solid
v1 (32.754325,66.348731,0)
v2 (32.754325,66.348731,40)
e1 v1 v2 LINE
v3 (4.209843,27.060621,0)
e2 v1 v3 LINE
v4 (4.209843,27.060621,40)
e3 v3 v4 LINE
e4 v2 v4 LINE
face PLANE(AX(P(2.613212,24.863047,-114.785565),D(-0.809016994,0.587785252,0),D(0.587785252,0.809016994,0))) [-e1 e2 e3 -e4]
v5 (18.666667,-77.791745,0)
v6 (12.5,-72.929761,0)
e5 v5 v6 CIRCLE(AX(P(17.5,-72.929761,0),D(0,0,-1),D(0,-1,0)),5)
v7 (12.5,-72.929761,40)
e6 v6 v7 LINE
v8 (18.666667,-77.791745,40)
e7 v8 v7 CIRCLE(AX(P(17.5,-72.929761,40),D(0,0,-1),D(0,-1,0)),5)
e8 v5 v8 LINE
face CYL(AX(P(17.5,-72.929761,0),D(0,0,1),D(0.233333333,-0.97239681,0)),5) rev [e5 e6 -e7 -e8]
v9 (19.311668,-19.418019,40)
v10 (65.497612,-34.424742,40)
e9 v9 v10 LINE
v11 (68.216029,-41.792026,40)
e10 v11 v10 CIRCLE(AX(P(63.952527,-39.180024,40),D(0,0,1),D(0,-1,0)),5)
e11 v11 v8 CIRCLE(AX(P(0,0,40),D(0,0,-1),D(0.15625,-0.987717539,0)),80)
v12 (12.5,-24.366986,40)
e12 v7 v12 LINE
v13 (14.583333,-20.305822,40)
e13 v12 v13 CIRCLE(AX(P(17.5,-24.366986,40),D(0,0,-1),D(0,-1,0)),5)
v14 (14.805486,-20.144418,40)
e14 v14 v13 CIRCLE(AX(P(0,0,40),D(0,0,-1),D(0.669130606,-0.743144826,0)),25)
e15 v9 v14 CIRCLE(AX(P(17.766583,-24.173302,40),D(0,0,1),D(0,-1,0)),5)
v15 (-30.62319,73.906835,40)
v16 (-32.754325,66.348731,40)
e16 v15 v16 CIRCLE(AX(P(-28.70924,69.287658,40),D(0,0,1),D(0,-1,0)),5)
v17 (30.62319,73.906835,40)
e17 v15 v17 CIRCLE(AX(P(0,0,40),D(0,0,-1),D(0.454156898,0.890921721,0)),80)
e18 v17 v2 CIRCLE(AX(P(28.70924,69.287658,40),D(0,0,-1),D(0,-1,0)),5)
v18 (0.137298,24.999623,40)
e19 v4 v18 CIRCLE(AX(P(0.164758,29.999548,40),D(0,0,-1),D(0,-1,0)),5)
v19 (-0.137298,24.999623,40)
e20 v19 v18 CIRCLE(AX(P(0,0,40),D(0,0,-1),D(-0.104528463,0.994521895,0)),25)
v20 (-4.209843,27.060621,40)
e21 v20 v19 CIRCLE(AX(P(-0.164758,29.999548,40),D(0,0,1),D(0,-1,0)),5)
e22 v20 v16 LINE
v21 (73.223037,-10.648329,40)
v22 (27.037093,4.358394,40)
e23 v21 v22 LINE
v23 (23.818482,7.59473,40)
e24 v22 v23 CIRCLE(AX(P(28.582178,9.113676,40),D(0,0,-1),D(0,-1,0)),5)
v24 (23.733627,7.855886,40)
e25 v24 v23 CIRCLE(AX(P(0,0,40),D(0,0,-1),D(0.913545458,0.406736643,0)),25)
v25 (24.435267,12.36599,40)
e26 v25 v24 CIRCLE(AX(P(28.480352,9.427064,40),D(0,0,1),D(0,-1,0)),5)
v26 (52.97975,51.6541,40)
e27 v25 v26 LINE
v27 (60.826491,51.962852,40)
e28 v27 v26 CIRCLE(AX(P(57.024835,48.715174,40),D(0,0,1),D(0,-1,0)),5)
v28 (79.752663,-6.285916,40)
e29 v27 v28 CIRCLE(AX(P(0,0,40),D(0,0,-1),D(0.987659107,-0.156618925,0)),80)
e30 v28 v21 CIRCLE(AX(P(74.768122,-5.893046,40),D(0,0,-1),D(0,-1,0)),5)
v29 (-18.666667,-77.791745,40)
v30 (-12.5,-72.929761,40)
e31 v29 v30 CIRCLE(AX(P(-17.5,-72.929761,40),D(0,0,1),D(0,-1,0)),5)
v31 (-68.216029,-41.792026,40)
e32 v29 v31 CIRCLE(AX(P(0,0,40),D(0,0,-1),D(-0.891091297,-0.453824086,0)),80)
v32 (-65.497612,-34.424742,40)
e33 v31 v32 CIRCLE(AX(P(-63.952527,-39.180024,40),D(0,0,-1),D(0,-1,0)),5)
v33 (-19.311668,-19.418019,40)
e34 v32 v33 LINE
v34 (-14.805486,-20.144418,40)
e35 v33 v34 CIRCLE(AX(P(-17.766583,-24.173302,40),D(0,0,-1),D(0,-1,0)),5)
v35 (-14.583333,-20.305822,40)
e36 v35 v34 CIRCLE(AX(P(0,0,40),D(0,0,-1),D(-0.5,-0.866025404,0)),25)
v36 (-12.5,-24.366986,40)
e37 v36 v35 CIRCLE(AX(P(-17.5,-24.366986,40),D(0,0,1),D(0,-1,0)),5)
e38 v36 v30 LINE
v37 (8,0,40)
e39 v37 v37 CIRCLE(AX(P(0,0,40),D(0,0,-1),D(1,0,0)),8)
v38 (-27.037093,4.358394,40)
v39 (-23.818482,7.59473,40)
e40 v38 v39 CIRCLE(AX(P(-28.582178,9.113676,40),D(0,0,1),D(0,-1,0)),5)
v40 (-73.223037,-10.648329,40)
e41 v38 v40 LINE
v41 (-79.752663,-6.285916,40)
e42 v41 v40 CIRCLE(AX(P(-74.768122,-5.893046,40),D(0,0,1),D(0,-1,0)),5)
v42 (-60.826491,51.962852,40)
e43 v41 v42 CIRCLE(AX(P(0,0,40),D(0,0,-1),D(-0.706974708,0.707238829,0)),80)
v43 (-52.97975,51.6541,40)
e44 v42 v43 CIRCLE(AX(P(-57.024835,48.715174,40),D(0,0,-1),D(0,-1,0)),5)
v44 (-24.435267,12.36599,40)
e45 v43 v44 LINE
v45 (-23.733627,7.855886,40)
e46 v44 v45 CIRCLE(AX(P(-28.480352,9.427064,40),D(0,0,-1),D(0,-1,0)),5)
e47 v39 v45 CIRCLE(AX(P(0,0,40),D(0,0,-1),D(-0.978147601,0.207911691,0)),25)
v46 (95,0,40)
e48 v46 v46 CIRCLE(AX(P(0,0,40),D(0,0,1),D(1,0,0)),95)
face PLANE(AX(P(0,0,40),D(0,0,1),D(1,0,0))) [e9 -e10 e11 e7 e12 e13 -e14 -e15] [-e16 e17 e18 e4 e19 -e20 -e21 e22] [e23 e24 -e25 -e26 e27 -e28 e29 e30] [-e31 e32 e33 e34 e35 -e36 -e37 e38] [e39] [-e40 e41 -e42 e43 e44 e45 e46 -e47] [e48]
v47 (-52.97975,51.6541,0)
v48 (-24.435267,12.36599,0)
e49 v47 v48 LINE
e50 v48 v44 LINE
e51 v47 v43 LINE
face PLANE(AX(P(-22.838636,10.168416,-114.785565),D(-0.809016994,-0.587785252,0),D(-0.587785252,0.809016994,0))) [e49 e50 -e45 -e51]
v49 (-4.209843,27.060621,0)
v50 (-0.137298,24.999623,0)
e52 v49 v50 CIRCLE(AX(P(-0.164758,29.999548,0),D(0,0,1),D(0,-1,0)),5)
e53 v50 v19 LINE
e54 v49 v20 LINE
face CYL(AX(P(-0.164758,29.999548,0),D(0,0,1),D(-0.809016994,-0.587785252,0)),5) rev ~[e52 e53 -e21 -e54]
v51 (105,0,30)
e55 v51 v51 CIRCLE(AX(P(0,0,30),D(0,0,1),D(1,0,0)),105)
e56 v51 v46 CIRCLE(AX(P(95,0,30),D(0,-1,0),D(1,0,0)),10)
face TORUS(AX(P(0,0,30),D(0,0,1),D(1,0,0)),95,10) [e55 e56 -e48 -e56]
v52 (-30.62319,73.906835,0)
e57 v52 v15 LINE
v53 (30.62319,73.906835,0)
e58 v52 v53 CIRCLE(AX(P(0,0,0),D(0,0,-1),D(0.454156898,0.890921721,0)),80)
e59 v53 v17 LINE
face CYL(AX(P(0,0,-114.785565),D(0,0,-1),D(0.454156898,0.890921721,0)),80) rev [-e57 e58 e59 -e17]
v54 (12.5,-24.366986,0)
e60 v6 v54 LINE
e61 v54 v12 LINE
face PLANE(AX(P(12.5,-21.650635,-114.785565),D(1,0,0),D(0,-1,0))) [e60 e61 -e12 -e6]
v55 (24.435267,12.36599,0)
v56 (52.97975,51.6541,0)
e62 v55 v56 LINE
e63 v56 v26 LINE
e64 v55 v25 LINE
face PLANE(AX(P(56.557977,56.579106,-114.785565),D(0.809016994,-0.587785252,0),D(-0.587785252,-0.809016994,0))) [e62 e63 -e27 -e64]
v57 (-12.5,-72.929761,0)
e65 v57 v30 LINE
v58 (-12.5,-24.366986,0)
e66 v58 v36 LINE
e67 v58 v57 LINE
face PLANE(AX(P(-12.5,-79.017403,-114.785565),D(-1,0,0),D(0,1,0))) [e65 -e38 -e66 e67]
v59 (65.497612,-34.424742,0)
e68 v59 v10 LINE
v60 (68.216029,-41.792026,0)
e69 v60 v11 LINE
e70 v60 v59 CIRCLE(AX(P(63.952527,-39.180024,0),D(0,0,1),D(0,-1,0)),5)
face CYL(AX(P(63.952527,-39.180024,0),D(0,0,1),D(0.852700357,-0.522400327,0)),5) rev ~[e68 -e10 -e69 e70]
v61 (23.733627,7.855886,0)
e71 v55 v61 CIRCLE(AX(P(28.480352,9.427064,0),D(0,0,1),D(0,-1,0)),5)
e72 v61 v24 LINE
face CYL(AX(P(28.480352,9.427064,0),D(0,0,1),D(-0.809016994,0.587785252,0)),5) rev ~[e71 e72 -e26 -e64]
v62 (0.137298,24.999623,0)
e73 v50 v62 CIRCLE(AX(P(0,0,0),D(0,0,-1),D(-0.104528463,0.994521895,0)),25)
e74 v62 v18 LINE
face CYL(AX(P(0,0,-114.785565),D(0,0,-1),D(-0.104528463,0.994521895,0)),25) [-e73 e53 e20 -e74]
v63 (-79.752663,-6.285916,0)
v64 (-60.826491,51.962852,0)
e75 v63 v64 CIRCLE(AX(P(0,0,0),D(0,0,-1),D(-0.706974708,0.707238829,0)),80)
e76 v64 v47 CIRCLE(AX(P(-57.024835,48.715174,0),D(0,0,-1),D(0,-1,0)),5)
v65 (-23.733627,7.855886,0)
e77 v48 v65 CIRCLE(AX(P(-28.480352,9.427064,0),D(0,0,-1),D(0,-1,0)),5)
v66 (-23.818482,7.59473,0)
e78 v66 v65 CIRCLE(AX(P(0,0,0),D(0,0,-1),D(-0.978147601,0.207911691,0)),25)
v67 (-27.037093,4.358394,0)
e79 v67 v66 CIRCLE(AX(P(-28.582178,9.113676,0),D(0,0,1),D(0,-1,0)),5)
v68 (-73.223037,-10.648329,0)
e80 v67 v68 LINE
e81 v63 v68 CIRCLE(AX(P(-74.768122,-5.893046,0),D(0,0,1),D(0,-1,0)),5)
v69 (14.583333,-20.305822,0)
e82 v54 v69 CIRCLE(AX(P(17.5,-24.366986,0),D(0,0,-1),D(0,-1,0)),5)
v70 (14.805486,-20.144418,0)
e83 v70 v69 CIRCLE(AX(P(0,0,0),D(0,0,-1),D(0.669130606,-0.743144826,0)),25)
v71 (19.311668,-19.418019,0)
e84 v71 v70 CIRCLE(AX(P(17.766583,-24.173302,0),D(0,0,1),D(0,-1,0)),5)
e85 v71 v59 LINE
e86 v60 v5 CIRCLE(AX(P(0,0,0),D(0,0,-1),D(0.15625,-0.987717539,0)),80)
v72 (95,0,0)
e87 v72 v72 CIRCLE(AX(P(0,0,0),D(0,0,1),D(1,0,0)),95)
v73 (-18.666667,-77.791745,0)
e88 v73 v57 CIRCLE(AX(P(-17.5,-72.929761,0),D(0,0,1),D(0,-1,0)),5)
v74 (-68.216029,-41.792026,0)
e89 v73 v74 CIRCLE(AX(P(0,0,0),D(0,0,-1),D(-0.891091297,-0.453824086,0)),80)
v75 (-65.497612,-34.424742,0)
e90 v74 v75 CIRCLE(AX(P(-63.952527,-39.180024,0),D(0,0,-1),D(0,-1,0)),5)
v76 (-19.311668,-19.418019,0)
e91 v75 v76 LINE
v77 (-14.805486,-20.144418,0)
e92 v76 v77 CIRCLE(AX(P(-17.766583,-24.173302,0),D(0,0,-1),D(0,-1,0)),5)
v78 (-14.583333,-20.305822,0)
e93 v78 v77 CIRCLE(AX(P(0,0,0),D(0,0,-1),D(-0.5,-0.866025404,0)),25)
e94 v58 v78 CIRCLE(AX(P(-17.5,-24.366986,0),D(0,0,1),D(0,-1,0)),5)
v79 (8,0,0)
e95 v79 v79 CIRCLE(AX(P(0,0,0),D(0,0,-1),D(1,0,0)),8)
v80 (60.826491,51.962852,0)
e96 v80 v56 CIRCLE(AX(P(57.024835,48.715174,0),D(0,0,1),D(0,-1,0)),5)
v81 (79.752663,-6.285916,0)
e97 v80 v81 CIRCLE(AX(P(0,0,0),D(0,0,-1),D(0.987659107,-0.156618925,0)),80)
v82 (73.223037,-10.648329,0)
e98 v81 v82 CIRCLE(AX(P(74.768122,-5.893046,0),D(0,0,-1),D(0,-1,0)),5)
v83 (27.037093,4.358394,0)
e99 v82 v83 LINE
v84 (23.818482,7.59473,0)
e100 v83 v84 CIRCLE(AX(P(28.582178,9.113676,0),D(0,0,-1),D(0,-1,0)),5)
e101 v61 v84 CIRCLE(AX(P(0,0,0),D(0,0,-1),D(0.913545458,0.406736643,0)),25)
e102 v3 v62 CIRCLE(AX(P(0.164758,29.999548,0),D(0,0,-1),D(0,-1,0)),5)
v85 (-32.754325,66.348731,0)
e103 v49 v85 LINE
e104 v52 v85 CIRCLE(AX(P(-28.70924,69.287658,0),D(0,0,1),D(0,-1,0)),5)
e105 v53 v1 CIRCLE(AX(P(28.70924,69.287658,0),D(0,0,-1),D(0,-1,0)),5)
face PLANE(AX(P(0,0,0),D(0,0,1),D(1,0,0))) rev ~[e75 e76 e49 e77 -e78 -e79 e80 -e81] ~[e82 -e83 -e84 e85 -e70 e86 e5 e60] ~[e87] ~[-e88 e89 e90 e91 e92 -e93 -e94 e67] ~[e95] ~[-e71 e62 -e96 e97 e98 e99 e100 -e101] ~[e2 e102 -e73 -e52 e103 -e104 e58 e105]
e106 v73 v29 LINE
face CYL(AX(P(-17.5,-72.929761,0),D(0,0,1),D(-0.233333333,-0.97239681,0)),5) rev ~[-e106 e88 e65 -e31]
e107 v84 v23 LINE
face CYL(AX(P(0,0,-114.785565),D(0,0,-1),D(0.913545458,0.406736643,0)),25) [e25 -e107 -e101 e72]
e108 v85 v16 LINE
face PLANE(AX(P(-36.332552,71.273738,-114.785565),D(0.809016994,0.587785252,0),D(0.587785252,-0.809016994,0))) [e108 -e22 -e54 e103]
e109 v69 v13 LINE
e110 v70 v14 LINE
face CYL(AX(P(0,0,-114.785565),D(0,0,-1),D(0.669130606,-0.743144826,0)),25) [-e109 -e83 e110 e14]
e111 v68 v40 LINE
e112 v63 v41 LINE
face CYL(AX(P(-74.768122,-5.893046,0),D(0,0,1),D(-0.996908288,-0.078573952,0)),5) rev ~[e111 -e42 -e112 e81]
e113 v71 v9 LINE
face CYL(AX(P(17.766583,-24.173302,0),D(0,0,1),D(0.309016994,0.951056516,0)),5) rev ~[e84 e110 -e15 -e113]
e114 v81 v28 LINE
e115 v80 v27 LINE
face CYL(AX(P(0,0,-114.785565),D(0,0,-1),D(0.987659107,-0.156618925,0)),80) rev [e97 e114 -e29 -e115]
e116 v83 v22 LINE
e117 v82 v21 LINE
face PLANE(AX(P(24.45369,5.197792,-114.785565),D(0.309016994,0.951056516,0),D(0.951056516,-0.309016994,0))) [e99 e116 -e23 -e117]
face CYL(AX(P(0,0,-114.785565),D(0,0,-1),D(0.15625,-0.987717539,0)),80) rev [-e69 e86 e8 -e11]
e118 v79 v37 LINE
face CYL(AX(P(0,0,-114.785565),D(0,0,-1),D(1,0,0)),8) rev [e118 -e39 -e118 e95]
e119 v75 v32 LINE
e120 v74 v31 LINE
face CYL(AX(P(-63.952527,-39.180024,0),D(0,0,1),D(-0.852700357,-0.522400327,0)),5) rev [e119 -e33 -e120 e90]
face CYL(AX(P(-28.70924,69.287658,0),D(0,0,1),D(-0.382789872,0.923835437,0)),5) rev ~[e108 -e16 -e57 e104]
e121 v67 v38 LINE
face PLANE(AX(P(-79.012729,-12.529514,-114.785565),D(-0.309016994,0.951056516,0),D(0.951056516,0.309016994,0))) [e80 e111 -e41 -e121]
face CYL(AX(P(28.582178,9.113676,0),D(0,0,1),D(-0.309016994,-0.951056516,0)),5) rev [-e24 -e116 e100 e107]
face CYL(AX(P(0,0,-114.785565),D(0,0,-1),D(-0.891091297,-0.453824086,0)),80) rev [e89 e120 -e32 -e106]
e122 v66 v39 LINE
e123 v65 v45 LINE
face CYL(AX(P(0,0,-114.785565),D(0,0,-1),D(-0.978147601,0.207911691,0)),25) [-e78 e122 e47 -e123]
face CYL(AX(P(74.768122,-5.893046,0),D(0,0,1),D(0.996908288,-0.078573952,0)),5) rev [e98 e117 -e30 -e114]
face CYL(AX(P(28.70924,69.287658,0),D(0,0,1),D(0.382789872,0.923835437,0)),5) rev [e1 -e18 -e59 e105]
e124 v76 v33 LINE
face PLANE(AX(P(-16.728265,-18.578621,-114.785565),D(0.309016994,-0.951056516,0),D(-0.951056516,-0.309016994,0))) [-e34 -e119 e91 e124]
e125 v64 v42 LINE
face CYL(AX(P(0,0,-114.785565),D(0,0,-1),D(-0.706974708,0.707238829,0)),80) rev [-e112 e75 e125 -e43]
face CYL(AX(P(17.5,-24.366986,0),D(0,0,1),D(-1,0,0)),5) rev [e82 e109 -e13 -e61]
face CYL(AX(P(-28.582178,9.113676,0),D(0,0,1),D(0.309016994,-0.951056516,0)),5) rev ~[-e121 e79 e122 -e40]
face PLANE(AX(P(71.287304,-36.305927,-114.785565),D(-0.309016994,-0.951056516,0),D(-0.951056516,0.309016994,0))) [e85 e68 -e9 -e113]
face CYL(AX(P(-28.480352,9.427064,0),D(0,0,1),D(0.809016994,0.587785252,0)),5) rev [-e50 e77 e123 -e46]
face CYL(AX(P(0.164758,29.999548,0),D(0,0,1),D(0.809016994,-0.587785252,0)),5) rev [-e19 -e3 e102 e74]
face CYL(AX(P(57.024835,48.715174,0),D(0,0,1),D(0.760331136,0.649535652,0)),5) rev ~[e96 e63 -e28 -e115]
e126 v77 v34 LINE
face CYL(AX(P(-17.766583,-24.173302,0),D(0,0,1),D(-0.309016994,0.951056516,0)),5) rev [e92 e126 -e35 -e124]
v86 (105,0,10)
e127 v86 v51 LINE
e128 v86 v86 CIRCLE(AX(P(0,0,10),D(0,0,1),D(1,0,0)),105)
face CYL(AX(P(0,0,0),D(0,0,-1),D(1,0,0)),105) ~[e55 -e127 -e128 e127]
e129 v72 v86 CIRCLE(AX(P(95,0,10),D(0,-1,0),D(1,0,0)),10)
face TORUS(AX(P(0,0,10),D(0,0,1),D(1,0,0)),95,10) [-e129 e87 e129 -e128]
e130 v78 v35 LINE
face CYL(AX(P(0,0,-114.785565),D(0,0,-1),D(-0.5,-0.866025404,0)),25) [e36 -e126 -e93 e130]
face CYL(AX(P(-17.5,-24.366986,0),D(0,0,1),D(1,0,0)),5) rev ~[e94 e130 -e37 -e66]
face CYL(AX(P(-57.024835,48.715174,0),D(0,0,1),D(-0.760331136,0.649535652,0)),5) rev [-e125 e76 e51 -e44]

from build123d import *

# Parameters (mm, degrees)
ESQUISSE1_R                  = 105
BOSS_EXTRU_1_DEPTH           = 40
ENL_V_MAT_EXTRU_1_DEPTH      = 154.785564992
ENL_V_MAT_EXTRU_1_DEPTH_BACK = 154.785564992
ENL_V_MAT_EXTRU_2_DEPTH      = 154.785564992
ENL_V_MAT_EXTRU_2_DEPTH_BACK = 154.785564992
ESQUISSE3_R                  = 8
CONG_1_R                     = 5
CONG_2_R                     = 10


with BuildPart() as part:
    # Esquisse1 → Boss.-Extru.1 (new body)
    with BuildSketch(Plane.XY):
        Circle(ESQUISSE1_R)
    extrude(amount=BOSS_EXTRU_1_DEPTH)

    # Esquisse2 → Enlèv. mat.-Extru.1 (cut, two sides: drawn at the far end of the back side and taken through both)
    with BuildSketch(Plane.XY.offset(40).offset(-ENL_V_MAT_EXTRU_1_DEPTH_BACK)):
        with BuildLine():
            Line((2.613211582, 24.863047384), (36.332551814, 71.27373765))
            ThreePointArc((36.332551814, 71.27373765), (0, 80), (-36.332551814, 71.27373765))
            Line((-36.332551814, 71.27373765), (-2.613211582, 24.863047384))
            ThreePointArc((-2.613211582, 24.863047384), (0, 25), (2.613211582, 24.863047384))
        make_face()
        with BuildLine():
            Line((24.453690018, 5.19779227), (79.012728593, -12.52951397))
            ThreePointArc((79.012728593, -12.52951397), (76.084521304, 24.72135955), (56.557976674, 56.579106343))
            Line((56.557976674, 56.579106343), (22.838636441, 10.168416077))
            ThreePointArc((22.838636441, 10.168416077), (23.776412907, 7.725424859), (24.453690018, 5.19779227))
        make_face()
        with BuildLine():
            Line((12.5, -21.650635095), (12.5, -79.017403146))
            ThreePointArc((12.5, -79.017403146), (47.022820183, -64.72135955), (71.287303733, -36.305926877))
            Line((71.287303733, -36.305926877), (16.728265159, -18.578620637))
            ThreePointArc((16.728265159, -18.578620637), (14.694631307, -20.225424859), (12.5, -21.650635095))
        make_face()
        with BuildLine():
            Line((-16.728265159, -18.578620637), (-71.287303733, -36.305926877))
            ThreePointArc((-71.287303733, -36.305926877), (-47.022820183, -64.72135955), (-12.5, -79.017403146))
            Line((-12.5, -79.017403146), (-12.5, -21.650635095))
            ThreePointArc((-12.5, -21.650635095), (-14.694631307, -20.225424859), (-16.728265159, -18.578620637))
        make_face()
        with BuildLine():
            Line((-22.838636441, 10.168416077), (-56.557976674, 56.579106343))
            ThreePointArc((-56.557976674, 56.579106343), (-76.084521304, 24.72135955), (-79.012728593, -12.52951397))
            Line((-79.012728593, -12.52951397), (-24.453690018, 5.19779227))
            ThreePointArc((-24.453690018, 5.19779227), (-23.776412907, 7.725424859), (-22.838636441, 10.168416077))
        make_face()
    extrude(amount=ENL_V_MAT_EXTRU_1_DEPTH + ENL_V_MAT_EXTRU_1_DEPTH_BACK, mode=Mode.SUBTRACT)

    # Esquisse3 → Enlèv. mat.-Extru.2 (cut, two sides: drawn at the far end of the back side and taken through both)
    with BuildSketch(Plane.XY.offset(40).offset(-ENL_V_MAT_EXTRU_2_DEPTH_BACK)):
        Circle(ESQUISSE3_R)
    extrude(amount=ENL_V_MAT_EXTRU_2_DEPTH + ENL_V_MAT_EXTRU_2_DEPTH_BACK, mode=Mode.SUBTRACT)

    # Congé1
    cong_1_edges = [part.edges().sort_by_distance(p)[0] for p in [
        (-79.012728593, -12.52951397, 20),
        (-56.557976674, 56.579106343, 20),
        (-22.838636441, 10.168416077, 20),
        (-24.453690018, 5.19779227, 20),
        (-12.5, -79.017403146, 20),
        (-71.287303733, -36.305926877, 20),
        (-16.728265159, -18.578620637, 20),
        (-12.5, -21.650635095, 20),
        (71.287303733, -36.305926877, 20),
        (12.5, -79.017403146, 20),
        (12.5, -21.650635095, 20),
        (16.728265159, -18.578620637, 20),
        (56.557976674, 56.579106343, 20),
        (79.012728593, -12.52951397, 20),
        (24.453690018, 5.19779227, 20),
        (22.838636441, 10.168416077, 20),
        (-36.332551814, 71.27373765, 20),
        (36.332551814, 71.27373765, 20),
        (2.613211582, 24.863047384, 20),
        (-2.613211582, 24.863047384, 20),
    ]]
    fillet(cong_1_edges, radius=CONG_1_R)

    # Congé2
    cong_2_edges = [part.edges().sort_by_distance(p)[0] for p in [
        (-105, 0, 0),
        (-105, 0, 40),
    ]]
    fillet(cong_2_edges, radius=CONG_2_R)


solid = part.part
